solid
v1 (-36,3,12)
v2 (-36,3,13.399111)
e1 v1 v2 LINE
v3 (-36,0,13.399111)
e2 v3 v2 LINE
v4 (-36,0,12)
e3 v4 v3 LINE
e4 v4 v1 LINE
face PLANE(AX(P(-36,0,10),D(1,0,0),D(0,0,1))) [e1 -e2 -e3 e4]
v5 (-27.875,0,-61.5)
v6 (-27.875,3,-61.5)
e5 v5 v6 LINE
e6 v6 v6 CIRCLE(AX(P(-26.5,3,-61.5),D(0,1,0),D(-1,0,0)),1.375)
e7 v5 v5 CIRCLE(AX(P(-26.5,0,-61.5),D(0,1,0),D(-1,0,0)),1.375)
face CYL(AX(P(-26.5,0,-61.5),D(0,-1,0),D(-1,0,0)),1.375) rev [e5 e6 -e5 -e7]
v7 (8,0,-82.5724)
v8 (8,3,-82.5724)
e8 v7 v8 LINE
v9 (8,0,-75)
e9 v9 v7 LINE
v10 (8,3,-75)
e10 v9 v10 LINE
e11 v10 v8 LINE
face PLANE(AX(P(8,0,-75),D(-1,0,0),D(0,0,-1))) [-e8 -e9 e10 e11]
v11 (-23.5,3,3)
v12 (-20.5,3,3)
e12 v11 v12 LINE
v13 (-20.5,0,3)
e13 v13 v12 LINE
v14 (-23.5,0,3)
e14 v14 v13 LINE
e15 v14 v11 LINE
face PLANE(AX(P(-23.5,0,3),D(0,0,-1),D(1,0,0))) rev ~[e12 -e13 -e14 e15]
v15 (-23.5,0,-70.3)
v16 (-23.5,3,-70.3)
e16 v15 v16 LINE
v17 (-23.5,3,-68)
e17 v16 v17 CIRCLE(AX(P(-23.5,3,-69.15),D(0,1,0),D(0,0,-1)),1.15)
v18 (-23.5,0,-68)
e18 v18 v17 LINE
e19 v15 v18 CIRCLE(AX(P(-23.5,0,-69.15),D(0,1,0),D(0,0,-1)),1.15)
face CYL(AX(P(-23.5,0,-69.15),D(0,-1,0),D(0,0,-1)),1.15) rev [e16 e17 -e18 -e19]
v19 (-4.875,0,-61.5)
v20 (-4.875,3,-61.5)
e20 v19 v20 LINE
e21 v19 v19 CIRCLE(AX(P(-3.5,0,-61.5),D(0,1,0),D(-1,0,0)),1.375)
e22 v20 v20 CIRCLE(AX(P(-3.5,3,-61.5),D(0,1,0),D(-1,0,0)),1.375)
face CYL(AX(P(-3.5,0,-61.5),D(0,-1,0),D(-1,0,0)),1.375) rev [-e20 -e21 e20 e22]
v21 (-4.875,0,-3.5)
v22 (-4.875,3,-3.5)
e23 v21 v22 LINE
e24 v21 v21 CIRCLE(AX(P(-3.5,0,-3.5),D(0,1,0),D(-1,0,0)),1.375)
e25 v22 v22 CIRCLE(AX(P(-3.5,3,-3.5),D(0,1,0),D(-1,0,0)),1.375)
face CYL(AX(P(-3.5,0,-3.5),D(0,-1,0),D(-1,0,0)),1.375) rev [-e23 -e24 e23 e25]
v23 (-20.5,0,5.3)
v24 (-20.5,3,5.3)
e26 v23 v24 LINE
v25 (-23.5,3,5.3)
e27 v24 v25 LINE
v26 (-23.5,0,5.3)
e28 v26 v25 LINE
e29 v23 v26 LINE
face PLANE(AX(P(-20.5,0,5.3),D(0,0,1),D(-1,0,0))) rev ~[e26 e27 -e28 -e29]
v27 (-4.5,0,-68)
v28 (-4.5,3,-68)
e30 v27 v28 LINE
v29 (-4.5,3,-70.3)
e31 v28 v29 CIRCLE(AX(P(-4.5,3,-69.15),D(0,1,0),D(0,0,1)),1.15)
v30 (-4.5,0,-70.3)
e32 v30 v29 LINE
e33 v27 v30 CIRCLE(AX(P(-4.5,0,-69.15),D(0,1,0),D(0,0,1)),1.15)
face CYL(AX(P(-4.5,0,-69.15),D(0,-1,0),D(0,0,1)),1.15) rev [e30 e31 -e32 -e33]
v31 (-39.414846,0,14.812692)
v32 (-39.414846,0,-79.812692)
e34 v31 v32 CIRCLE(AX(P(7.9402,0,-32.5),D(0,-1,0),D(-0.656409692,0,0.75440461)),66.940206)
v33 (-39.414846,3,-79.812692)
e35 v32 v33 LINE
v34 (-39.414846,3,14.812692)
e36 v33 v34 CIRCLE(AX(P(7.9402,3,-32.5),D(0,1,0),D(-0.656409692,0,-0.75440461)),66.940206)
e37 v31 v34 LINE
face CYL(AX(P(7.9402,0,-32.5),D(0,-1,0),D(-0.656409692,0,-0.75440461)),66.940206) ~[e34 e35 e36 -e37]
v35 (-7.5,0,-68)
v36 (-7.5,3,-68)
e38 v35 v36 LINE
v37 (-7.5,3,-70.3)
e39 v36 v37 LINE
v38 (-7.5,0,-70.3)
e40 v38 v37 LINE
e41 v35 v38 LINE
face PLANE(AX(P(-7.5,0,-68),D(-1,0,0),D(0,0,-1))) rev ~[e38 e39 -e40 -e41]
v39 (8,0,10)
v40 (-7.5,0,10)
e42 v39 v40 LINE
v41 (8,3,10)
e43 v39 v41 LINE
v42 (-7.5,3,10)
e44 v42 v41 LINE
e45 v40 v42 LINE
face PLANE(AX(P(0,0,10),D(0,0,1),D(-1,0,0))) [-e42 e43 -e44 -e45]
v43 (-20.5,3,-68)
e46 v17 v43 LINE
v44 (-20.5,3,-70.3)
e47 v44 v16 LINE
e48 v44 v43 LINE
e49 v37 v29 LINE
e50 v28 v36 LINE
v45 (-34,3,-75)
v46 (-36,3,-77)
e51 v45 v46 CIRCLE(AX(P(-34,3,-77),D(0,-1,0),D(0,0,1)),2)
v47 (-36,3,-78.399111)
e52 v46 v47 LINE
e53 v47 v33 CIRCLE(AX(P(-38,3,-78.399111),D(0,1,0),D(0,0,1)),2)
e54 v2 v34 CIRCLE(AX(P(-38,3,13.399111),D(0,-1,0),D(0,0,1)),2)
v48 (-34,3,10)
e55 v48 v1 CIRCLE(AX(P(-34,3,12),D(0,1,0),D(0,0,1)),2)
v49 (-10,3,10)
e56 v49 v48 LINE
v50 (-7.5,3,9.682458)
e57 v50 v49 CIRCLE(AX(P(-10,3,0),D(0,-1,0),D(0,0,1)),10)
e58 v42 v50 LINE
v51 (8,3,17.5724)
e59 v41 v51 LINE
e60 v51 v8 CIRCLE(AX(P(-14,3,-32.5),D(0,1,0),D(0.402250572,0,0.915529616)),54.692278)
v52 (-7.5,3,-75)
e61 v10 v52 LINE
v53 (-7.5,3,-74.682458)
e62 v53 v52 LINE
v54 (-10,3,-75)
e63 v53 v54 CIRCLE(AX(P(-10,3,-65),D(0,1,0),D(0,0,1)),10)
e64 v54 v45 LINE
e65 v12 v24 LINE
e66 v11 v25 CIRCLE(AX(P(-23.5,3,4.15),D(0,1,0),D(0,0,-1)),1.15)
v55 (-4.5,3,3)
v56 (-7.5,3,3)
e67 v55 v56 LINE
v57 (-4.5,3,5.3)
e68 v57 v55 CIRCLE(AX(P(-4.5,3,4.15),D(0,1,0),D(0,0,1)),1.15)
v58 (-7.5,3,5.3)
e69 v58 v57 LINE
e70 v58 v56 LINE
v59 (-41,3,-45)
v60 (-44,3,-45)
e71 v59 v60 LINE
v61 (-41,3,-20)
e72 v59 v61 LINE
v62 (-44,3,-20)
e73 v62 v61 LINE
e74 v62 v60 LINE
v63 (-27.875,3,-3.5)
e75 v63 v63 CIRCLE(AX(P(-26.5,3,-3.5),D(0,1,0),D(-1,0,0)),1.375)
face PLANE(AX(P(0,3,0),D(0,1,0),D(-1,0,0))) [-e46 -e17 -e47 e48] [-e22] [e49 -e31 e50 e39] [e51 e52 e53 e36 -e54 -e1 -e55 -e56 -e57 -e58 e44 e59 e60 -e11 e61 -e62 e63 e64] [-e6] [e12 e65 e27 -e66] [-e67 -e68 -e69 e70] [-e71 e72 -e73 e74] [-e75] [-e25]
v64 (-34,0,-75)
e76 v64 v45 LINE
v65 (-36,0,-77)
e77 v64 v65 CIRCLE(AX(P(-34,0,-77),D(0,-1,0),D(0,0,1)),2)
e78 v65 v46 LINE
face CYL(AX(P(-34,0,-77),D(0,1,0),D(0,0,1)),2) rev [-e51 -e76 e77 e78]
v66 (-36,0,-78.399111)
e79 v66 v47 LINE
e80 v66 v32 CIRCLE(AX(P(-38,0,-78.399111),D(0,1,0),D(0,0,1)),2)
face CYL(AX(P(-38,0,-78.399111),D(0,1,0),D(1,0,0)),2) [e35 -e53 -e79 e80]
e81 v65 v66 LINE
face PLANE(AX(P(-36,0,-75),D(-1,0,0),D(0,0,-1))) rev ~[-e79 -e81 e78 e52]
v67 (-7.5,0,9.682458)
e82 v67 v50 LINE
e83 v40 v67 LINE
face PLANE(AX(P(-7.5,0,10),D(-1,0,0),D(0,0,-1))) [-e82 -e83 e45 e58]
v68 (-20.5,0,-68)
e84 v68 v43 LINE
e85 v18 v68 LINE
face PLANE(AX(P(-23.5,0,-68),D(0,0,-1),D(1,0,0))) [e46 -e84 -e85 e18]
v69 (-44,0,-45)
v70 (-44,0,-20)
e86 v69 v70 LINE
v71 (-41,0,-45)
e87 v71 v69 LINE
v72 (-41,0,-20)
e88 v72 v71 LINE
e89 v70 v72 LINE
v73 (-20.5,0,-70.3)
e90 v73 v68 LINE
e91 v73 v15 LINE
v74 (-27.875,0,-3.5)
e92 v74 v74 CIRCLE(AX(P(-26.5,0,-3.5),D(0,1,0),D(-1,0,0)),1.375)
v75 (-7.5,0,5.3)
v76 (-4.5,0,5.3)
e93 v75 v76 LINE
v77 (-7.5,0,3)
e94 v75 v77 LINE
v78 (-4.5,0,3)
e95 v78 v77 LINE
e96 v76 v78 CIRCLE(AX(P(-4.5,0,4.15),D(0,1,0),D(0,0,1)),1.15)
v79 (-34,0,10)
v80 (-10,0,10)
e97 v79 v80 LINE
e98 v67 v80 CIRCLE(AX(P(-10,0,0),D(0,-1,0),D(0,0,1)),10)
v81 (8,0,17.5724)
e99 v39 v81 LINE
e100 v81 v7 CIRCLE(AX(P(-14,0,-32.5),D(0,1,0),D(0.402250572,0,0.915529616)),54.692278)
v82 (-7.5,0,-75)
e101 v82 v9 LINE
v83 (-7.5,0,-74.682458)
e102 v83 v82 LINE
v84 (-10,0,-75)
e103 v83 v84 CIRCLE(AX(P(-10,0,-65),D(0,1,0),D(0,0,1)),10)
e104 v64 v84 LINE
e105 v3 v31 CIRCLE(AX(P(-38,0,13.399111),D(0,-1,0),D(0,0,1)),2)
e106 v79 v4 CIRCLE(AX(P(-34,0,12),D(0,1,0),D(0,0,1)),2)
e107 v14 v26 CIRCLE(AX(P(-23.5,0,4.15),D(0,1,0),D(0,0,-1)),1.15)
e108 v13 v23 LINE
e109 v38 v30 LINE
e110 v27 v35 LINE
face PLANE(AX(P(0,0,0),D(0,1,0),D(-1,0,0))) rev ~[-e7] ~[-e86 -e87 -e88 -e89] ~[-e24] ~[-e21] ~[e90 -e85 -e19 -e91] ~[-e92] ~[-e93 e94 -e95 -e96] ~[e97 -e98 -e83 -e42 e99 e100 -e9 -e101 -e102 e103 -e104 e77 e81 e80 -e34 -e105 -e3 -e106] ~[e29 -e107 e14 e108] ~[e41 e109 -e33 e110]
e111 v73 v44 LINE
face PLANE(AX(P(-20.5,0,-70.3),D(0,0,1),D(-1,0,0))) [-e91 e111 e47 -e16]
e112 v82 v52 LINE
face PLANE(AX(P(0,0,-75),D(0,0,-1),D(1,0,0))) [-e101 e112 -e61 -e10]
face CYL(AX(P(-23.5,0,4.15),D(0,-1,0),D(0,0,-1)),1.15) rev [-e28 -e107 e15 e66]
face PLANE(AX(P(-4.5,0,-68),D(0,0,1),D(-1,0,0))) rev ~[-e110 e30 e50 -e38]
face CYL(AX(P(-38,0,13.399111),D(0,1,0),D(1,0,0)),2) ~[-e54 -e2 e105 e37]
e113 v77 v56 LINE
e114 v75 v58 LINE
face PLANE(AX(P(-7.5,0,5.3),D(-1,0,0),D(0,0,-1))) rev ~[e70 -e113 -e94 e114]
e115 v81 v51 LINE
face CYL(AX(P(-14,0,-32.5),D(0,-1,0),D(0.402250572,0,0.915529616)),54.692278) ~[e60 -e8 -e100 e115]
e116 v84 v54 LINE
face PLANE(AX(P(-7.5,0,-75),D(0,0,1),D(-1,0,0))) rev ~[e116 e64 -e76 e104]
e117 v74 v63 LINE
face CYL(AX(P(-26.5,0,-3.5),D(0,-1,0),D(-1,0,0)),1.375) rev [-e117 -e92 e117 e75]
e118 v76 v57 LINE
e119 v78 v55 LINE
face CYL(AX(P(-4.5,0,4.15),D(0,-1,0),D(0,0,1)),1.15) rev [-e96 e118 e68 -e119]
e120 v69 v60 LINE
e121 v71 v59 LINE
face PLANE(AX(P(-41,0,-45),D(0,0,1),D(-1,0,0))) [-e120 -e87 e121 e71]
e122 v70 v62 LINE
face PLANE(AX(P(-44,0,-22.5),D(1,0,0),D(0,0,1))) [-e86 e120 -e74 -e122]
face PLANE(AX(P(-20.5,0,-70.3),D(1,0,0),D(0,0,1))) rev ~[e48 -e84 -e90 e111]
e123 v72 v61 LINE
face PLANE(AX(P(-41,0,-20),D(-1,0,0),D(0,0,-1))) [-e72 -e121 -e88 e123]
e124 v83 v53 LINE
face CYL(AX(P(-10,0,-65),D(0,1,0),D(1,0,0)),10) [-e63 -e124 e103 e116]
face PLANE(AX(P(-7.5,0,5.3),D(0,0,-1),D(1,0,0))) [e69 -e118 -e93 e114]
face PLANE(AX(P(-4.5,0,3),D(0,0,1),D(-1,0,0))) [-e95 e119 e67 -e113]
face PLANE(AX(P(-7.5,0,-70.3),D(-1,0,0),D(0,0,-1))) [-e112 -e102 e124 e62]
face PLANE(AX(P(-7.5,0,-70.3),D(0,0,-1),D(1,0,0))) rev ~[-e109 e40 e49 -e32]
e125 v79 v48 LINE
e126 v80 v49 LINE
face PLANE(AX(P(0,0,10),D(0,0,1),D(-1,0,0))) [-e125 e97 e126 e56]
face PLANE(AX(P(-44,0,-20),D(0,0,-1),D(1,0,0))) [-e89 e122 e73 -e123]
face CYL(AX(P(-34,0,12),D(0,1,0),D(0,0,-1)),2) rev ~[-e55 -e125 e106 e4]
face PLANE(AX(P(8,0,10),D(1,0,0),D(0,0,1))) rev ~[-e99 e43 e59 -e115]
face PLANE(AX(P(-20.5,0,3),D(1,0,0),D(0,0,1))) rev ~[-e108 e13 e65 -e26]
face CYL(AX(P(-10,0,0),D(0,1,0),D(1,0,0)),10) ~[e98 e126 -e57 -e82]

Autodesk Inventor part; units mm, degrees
ref_plane "YZ Plane" through (0, 0, 0) normal (1, 0, 0) x (0, 1, 0)
ref_plane "XZ Plane" through (0, 0, 0) normal (0, 1, 0) x (-1, 0, 0)
ref_plane "XY Plane" through (0, 0, 0) normal (0, 0, 1) x (1, 0, 0)
sketch "Boceto1" plane through (0, 0, 0) normal (0, 1, 0) x (-1, 0, 0)
  line L0 (3, 0) -> (33, 0)
  line L1 (36, -3) -> (36, -62)
  line L2 (33, -65) -> (3, -65)
  line L3 (0, -62) -> (0, -3)
  circle A0 centre (3.5, -61.5) radius 1.375
  arc A1 (36, -3) -> (33, 0) centre (33, -3) ccw
  arc A2 (3, 0) -> (0, -3) centre (3, -3) ccw
  arc A3 (0, -62) -> (3, -65) centre (3, -62) ccw
  arc A4 (33, -65) -> (36, -62) centre (33, -62) ccw
  circle A5 centre (26.5, -61.5) radius 1.375
  circle A6 centre (3.5, -3.5) radius 1.375
  circle A7 centre (26.5, -3.5) radius 1.375
  line L4 (36, 0) -> (0, 0)
  line L5 (0, 0) -> (0, 10)
  line L6 (0, 10) -> (36, 10)
  line L7 (36, 10) -> (36, 0)
  line L8 (36, -65) -> (0, -65)
  line L9 (0, -65) -> (0, -75)
  line L10 (0, -75) -> (36, -75)
  line L11 (36, -75) -> (36, -65)
  line L12 (7.5, 0) -> (20.5, 0)
  line L13 (20.5, 0) -> (20.5, 10)
  line L14 (20.5, 10) -> (7.5, 10)
  line L15 (7.5, 10) -> (7.5, 0)
  line L16 (7.5, 0) -> (20.5, 10) construction
  line L17 (20.5, 0) -> (7.5, 10) construction
  line L18 (7.5, -75) -> (20.5, -75)
  line L19 (20.5, -75) -> (20.5, -65)
  line L20 (20.5, -65) -> (7.5, -65)
  line L21 (7.5, -65) -> (7.5, -75)
  line L22 (7.5, -75) -> (20.5, -65) construction
  line L23 (20.5, -75) -> (7.5, -65) construction
  line L24 (36, -32.5) -> (0, -32.5)
  line L25 (36, 0) -> (36, -3)
  line L26 (0, 0) -> (0, -3)
  line L27 (0, -62) -> (0, -65)
  line L28 (36, -62) -> (36, -65)
  line L29 (36, -22.5) -> (49, -22.5)
  line L30 (49, -22.5) -> (49, -42.5)
  line L31 (49, -42.5) -> (36, -42.5)
  line L32 (36, -42.5) -> (36, -22.5)
  arc A8 (49, -42.5) -> (49, -22.5) centre (49, -32.5) ccw
  line L33 (20.5, 5.3) -> (23.5, 5.3)
  line L34 (23.5, 5.3) -> (23.5, 3)
  line L35 (23.5, 3) -> (20.5, 3)
  line L36 (20.5, 3) -> (20.5, 5.3)
  arc A9 (23.5, 3) -> (23.5, 5.3) centre (23.5, 4.15) ccw
  line L37 (14, 0) -> (14, -65)
  line L38 (7.5, 5.3) -> (4.5, 5.3)
  line L39 (4.5, 5.3) -> (4.5, 3)
  line L40 (4.5, 3) -> (7.5, 3)
  line L41 (7.5, 3) -> (7.5, 5.3)
  arc A10 (4.5, 5.3) -> (4.5, 3) centre (4.5, 4.15) ccw
  line L42 (20.5, -70.3) -> (23.5, -70.3)
  line L43 (23.5, -70.3) -> (23.5, -68)
  line L44 (23.5, -68) -> (20.5, -68)
  line L45 (20.5, -68) -> (20.5, -70.3)
  arc A11 (23.5, -70.3) -> (23.5, -68) centre (23.5, -69.15) ccw
  line L46 (4.5, -68) -> (7.5, -68)
  arc A12 (4.5, -68) -> (4.5, -70.3) centre (4.5, -69.15) ccw
  line L47 (7.5, -70.3) -> (4.5, -70.3)
  line L48 (4.5, -70.3) -> (4.5, -68)
  line L49 (7.5, -68) -> (7.5, -70.3)
  line L50 (36, 0) -> (49, 0)
  line L51 (49, 0) -> (49, -65)
  line L52 (49, -65) -> (36, -65)
  line L53 (36, -65) -> (36, 0)
  line L54 (44, -20) -> (41, -20)
  line L55 (41, -20) -> (41, -45)
  line L56 (41, -45) -> (44, -45)
  line L57 (44, -45) -> (44, -20)
  line L58 (36, 10) -> (36, 18)
  line L59 (36, -75) -> (36, -83)
  arc A13 (36, -83) -> (36, 18) centre (-7.9402, -32.5) ccw
  line L60 (0, -75) -> (-8, -75)
  line L61 (-8, -75) -> (-8, 10)
  line L62 (-8, 10) -> (0, 10)
  line L63 (0, 10) -> (0, -75)
  line L64 (-8, 10) -> (-8, 17.5724)
  line L65 (-8, -75) -> (-8, -82.5724)
  arc A14 (-8, 17.5724) -> (-8, -82.5724) centre (14, -32.5) ccw
  point P0 (14, 5)
  point P1 (14, -70)
  point P2 (36, -42.5)
  point P3 (7.5, -70.3)
  point P4 (20.5, -70.3)
  point P5 (7.5, 5.3)
  point P6 (20.5, 3)
  point P7 (44, -32.5)
  point P8 (36, -65)
  point P9 (44, -42.5)
  point P10 (41, -42.5)
  point P11 (41, -22.5)
  point P12 (44, -22.5)
  point P13 (49, -22.5)
  point P14 (59, -32.5)
  dimension "d0" = 36
  dimension "d1" = 65
  dimension "d2" = 2.75
  dimension "d3" = 3
  dimension "d4" = 3
  dimension "d5" = 3
  dimension "d6" = 3
  dimension "d7" = 3.5
  dimension "d8" = 3.5
  dimension "d11" = 23
  dimension "d14" = 58
  dimension "d17" = 10
  dimension "d18" = 10
  dimension "d19" = 13
  dimension "d20" = 10
  dimension "d21" = 13
  dimension "d22" = 10
  dimension "d26" = 7.5
  dimension "d30" = 20
  dimension "d31" = 13
  dimension "d32" = 3
  dimension "d33" = 2.3
  dimension "d34" = 3
  dimension "d35" = 1.15
  dimension "d36" = 13
  dimension "d37" = 3
  dimension "d38" = 25
  dimension "d39" = 5
  dimension "d42" = 8
  dimension "d43" = 8
  dimension "d46" = 8
  dimension "d47" = 54.6923
extrude "Extrusión1" add sketch "Boceto1" along normal blind 3 contours L4 L5 L6 L15 L38 A10 L40 L0 | L0 L37 L24 L3 A2 | A2 L26 L4 | L15 L6 L13 L0 | L0 A1 L1 L24 L37 | L24 L37 L2 A3 L3 | L13 L35 A9 L33 L6 L7 L4 L0 | L24 L1 A4 L2 L37 | A3 L8 L27 | L4 L25 A1 | L1 L29 L55 L31 | L2 L19 L10 L21 | L2 L21 L46 A12 L47 L10 L9 L8 | L25 L50 L51 L29 L57 L54 L55 L1 | L7 L58 A13 A8 L51 L50 | L31 L55 L56 L57 L51 L52 L28 L1 | L2 L8 L11 L10 L19 L42 A11 L44 | L29 L57 L31 L55 | L28 L8 A4 | L30 L31 L57 L29 | A8 L30 | L52 L51 A8 A13 L59 L11
fillet "Empalme1" radius 10 2 edges at (0, 1.5, -75) (0, 1.5, 10)
extrude "Extrusión2" cut sketch "Boceto1" along normal blind 3 contours L29 L57 L31 L55
fillet "Empalme2" radius 2 4 edges at (-36, 1.5, -83) (-36, 1.5, 18) (-36, 1.5, 10) (-36, 1.5, -75)
extrude "Extrusión3" add sketch "Boceto1" along normal blind 3 contours L4 L5 L6 L15 L38 A10 L40 L0 | L3 L27 L9 L60 L61 L62 L5 L26 | L61 L65 A14 L64 | L2 L21 L46 A12 L47 L10 L9 L8
equation "\"d18\" = d17"
equation "\"d21\" = d19"
equation "\"d22\" = d20"
equation "\"d36\" = d31"
properties part number "Parte inferior 2"
